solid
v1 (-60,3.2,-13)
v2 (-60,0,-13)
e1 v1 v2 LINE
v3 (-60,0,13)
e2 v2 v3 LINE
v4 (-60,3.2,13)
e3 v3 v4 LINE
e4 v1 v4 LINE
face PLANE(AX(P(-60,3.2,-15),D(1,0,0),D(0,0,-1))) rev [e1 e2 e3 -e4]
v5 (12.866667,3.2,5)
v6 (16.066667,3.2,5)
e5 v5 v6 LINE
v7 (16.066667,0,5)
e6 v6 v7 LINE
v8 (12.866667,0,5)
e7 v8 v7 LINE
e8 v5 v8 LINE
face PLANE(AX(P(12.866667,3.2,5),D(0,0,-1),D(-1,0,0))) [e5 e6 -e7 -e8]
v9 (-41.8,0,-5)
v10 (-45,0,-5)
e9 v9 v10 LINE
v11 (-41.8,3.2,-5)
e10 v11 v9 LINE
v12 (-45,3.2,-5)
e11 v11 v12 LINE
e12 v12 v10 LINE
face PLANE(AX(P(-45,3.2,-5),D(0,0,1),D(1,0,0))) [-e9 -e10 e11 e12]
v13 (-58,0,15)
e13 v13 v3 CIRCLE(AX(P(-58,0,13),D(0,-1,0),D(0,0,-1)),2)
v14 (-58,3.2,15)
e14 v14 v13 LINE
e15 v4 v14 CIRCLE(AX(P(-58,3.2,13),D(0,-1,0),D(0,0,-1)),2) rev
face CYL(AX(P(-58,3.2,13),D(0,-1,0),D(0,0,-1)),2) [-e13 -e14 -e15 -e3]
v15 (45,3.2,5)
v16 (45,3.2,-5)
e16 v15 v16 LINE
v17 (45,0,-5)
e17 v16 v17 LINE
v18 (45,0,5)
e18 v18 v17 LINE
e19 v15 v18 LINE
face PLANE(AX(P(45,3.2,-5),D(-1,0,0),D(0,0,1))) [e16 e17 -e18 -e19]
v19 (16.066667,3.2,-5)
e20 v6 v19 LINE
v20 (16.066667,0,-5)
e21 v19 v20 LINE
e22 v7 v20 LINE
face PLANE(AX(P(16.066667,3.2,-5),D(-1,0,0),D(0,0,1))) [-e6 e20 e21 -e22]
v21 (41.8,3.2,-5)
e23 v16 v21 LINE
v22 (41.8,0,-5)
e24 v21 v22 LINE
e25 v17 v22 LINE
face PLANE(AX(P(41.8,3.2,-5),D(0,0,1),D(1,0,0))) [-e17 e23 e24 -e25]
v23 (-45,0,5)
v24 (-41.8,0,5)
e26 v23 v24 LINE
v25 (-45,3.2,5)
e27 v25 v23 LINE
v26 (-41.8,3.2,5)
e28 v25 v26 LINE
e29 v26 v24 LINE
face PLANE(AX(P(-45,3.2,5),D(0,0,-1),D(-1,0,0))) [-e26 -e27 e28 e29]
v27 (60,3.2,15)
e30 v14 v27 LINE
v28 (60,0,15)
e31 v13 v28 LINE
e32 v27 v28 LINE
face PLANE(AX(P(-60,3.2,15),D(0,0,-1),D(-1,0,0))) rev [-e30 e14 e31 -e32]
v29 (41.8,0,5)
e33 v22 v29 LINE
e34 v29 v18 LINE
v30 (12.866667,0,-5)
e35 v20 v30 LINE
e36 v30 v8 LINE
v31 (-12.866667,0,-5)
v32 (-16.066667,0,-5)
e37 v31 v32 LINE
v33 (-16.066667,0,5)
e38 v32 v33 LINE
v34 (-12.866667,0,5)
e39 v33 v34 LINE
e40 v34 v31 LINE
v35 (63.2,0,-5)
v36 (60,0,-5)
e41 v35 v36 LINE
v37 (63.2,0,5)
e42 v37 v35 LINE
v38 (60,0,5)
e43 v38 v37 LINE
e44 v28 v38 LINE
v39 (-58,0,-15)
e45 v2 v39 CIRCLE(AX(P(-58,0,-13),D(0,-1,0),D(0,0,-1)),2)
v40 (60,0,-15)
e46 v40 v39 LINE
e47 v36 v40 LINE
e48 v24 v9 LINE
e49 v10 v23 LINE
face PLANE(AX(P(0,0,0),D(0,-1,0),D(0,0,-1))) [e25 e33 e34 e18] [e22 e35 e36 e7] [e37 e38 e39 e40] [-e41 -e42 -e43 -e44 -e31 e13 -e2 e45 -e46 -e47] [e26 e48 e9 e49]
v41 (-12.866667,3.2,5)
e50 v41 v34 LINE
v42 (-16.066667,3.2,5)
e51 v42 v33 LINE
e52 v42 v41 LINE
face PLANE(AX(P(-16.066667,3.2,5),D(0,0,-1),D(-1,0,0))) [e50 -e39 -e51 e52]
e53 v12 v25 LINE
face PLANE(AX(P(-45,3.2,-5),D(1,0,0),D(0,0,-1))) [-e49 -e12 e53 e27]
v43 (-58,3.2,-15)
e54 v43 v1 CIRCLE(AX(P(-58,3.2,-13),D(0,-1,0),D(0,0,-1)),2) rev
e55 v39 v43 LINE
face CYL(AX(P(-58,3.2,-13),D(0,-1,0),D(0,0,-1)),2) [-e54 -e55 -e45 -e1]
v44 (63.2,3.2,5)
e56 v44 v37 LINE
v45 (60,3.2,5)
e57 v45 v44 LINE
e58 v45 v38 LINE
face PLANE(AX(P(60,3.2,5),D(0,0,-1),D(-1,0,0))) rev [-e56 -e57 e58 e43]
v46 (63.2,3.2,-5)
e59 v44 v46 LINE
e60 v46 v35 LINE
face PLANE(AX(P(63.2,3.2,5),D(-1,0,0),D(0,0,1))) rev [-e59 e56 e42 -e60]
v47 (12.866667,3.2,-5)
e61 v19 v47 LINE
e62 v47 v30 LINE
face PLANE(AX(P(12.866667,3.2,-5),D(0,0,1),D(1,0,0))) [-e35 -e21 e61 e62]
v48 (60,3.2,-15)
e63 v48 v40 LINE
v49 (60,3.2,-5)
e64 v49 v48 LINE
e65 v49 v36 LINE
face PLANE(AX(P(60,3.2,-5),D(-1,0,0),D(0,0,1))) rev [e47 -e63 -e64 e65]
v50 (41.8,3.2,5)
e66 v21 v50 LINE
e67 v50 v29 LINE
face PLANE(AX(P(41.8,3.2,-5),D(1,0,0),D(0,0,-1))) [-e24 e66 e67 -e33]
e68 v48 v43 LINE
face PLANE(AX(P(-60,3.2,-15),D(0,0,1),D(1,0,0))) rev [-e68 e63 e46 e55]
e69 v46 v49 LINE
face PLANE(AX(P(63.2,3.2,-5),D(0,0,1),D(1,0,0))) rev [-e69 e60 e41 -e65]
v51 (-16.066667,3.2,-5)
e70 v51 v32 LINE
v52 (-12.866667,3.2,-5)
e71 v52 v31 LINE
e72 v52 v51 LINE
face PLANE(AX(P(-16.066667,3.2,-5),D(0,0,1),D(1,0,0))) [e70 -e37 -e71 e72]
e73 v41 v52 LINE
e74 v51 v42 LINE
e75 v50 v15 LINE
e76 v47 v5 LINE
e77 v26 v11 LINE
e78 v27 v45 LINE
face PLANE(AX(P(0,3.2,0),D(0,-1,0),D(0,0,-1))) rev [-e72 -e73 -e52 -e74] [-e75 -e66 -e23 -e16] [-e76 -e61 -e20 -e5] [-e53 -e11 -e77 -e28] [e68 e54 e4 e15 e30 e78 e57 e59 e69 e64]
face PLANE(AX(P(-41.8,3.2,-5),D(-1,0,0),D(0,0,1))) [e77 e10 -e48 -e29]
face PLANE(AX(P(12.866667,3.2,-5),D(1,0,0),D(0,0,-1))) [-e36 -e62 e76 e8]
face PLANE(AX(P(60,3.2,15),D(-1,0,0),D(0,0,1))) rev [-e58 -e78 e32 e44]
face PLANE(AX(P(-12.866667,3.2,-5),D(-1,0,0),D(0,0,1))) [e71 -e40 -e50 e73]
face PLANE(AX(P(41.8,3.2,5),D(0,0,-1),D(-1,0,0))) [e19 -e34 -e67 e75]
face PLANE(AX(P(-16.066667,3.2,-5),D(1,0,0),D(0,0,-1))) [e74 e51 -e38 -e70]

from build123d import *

# Parameters (mm, degrees)
BASE_SKETCH_W       = 3.2
BASE_SKETCH_H       = 10
BOSS_EXTRUDE1_DEPTH = 3.2
FILLET1_R           = 2


with BuildPart() as part:
    # Base_Sketch → Boss-Extrude1 (new body)
    with BuildSketch(Plane(origin=(0, 0, 0), x_dir=(1, 0, 0), z_dir=(0, 1, 0))):
        Polygon((-60, 15), (60, 15), (60, 5), (63.2, 5), (63.2, -5), (60, -5), (60, -15), (-60, -15), align=None)
        with Locations((-14.466666667, 0)):
            Rectangle(BASE_SKETCH_W, BASE_SKETCH_H, mode=Mode.SUBTRACT)
        with Locations((-43.4, 0)):
            Rectangle(BASE_SKETCH_W, BASE_SKETCH_H, mode=Mode.SUBTRACT)
        with Locations((14.466666667, 0)):
            Rectangle(BASE_SKETCH_W, BASE_SKETCH_H, mode=Mode.SUBTRACT)
        with Locations((43.4, 0)):
            Rectangle(BASE_SKETCH_W, BASE_SKETCH_H, mode=Mode.SUBTRACT)
    extrude(amount=BOSS_EXTRUDE1_DEPTH)

    # Fillet1
    fillet1_edges = [part.edges().sort_by_distance(p)[0] for p in [
        (-60, 1.6, 15),
        (-60, 1.6, -15),
    ]]
    fillet(fillet1_edges, radius=FILLET1_R)


solid = part.part
